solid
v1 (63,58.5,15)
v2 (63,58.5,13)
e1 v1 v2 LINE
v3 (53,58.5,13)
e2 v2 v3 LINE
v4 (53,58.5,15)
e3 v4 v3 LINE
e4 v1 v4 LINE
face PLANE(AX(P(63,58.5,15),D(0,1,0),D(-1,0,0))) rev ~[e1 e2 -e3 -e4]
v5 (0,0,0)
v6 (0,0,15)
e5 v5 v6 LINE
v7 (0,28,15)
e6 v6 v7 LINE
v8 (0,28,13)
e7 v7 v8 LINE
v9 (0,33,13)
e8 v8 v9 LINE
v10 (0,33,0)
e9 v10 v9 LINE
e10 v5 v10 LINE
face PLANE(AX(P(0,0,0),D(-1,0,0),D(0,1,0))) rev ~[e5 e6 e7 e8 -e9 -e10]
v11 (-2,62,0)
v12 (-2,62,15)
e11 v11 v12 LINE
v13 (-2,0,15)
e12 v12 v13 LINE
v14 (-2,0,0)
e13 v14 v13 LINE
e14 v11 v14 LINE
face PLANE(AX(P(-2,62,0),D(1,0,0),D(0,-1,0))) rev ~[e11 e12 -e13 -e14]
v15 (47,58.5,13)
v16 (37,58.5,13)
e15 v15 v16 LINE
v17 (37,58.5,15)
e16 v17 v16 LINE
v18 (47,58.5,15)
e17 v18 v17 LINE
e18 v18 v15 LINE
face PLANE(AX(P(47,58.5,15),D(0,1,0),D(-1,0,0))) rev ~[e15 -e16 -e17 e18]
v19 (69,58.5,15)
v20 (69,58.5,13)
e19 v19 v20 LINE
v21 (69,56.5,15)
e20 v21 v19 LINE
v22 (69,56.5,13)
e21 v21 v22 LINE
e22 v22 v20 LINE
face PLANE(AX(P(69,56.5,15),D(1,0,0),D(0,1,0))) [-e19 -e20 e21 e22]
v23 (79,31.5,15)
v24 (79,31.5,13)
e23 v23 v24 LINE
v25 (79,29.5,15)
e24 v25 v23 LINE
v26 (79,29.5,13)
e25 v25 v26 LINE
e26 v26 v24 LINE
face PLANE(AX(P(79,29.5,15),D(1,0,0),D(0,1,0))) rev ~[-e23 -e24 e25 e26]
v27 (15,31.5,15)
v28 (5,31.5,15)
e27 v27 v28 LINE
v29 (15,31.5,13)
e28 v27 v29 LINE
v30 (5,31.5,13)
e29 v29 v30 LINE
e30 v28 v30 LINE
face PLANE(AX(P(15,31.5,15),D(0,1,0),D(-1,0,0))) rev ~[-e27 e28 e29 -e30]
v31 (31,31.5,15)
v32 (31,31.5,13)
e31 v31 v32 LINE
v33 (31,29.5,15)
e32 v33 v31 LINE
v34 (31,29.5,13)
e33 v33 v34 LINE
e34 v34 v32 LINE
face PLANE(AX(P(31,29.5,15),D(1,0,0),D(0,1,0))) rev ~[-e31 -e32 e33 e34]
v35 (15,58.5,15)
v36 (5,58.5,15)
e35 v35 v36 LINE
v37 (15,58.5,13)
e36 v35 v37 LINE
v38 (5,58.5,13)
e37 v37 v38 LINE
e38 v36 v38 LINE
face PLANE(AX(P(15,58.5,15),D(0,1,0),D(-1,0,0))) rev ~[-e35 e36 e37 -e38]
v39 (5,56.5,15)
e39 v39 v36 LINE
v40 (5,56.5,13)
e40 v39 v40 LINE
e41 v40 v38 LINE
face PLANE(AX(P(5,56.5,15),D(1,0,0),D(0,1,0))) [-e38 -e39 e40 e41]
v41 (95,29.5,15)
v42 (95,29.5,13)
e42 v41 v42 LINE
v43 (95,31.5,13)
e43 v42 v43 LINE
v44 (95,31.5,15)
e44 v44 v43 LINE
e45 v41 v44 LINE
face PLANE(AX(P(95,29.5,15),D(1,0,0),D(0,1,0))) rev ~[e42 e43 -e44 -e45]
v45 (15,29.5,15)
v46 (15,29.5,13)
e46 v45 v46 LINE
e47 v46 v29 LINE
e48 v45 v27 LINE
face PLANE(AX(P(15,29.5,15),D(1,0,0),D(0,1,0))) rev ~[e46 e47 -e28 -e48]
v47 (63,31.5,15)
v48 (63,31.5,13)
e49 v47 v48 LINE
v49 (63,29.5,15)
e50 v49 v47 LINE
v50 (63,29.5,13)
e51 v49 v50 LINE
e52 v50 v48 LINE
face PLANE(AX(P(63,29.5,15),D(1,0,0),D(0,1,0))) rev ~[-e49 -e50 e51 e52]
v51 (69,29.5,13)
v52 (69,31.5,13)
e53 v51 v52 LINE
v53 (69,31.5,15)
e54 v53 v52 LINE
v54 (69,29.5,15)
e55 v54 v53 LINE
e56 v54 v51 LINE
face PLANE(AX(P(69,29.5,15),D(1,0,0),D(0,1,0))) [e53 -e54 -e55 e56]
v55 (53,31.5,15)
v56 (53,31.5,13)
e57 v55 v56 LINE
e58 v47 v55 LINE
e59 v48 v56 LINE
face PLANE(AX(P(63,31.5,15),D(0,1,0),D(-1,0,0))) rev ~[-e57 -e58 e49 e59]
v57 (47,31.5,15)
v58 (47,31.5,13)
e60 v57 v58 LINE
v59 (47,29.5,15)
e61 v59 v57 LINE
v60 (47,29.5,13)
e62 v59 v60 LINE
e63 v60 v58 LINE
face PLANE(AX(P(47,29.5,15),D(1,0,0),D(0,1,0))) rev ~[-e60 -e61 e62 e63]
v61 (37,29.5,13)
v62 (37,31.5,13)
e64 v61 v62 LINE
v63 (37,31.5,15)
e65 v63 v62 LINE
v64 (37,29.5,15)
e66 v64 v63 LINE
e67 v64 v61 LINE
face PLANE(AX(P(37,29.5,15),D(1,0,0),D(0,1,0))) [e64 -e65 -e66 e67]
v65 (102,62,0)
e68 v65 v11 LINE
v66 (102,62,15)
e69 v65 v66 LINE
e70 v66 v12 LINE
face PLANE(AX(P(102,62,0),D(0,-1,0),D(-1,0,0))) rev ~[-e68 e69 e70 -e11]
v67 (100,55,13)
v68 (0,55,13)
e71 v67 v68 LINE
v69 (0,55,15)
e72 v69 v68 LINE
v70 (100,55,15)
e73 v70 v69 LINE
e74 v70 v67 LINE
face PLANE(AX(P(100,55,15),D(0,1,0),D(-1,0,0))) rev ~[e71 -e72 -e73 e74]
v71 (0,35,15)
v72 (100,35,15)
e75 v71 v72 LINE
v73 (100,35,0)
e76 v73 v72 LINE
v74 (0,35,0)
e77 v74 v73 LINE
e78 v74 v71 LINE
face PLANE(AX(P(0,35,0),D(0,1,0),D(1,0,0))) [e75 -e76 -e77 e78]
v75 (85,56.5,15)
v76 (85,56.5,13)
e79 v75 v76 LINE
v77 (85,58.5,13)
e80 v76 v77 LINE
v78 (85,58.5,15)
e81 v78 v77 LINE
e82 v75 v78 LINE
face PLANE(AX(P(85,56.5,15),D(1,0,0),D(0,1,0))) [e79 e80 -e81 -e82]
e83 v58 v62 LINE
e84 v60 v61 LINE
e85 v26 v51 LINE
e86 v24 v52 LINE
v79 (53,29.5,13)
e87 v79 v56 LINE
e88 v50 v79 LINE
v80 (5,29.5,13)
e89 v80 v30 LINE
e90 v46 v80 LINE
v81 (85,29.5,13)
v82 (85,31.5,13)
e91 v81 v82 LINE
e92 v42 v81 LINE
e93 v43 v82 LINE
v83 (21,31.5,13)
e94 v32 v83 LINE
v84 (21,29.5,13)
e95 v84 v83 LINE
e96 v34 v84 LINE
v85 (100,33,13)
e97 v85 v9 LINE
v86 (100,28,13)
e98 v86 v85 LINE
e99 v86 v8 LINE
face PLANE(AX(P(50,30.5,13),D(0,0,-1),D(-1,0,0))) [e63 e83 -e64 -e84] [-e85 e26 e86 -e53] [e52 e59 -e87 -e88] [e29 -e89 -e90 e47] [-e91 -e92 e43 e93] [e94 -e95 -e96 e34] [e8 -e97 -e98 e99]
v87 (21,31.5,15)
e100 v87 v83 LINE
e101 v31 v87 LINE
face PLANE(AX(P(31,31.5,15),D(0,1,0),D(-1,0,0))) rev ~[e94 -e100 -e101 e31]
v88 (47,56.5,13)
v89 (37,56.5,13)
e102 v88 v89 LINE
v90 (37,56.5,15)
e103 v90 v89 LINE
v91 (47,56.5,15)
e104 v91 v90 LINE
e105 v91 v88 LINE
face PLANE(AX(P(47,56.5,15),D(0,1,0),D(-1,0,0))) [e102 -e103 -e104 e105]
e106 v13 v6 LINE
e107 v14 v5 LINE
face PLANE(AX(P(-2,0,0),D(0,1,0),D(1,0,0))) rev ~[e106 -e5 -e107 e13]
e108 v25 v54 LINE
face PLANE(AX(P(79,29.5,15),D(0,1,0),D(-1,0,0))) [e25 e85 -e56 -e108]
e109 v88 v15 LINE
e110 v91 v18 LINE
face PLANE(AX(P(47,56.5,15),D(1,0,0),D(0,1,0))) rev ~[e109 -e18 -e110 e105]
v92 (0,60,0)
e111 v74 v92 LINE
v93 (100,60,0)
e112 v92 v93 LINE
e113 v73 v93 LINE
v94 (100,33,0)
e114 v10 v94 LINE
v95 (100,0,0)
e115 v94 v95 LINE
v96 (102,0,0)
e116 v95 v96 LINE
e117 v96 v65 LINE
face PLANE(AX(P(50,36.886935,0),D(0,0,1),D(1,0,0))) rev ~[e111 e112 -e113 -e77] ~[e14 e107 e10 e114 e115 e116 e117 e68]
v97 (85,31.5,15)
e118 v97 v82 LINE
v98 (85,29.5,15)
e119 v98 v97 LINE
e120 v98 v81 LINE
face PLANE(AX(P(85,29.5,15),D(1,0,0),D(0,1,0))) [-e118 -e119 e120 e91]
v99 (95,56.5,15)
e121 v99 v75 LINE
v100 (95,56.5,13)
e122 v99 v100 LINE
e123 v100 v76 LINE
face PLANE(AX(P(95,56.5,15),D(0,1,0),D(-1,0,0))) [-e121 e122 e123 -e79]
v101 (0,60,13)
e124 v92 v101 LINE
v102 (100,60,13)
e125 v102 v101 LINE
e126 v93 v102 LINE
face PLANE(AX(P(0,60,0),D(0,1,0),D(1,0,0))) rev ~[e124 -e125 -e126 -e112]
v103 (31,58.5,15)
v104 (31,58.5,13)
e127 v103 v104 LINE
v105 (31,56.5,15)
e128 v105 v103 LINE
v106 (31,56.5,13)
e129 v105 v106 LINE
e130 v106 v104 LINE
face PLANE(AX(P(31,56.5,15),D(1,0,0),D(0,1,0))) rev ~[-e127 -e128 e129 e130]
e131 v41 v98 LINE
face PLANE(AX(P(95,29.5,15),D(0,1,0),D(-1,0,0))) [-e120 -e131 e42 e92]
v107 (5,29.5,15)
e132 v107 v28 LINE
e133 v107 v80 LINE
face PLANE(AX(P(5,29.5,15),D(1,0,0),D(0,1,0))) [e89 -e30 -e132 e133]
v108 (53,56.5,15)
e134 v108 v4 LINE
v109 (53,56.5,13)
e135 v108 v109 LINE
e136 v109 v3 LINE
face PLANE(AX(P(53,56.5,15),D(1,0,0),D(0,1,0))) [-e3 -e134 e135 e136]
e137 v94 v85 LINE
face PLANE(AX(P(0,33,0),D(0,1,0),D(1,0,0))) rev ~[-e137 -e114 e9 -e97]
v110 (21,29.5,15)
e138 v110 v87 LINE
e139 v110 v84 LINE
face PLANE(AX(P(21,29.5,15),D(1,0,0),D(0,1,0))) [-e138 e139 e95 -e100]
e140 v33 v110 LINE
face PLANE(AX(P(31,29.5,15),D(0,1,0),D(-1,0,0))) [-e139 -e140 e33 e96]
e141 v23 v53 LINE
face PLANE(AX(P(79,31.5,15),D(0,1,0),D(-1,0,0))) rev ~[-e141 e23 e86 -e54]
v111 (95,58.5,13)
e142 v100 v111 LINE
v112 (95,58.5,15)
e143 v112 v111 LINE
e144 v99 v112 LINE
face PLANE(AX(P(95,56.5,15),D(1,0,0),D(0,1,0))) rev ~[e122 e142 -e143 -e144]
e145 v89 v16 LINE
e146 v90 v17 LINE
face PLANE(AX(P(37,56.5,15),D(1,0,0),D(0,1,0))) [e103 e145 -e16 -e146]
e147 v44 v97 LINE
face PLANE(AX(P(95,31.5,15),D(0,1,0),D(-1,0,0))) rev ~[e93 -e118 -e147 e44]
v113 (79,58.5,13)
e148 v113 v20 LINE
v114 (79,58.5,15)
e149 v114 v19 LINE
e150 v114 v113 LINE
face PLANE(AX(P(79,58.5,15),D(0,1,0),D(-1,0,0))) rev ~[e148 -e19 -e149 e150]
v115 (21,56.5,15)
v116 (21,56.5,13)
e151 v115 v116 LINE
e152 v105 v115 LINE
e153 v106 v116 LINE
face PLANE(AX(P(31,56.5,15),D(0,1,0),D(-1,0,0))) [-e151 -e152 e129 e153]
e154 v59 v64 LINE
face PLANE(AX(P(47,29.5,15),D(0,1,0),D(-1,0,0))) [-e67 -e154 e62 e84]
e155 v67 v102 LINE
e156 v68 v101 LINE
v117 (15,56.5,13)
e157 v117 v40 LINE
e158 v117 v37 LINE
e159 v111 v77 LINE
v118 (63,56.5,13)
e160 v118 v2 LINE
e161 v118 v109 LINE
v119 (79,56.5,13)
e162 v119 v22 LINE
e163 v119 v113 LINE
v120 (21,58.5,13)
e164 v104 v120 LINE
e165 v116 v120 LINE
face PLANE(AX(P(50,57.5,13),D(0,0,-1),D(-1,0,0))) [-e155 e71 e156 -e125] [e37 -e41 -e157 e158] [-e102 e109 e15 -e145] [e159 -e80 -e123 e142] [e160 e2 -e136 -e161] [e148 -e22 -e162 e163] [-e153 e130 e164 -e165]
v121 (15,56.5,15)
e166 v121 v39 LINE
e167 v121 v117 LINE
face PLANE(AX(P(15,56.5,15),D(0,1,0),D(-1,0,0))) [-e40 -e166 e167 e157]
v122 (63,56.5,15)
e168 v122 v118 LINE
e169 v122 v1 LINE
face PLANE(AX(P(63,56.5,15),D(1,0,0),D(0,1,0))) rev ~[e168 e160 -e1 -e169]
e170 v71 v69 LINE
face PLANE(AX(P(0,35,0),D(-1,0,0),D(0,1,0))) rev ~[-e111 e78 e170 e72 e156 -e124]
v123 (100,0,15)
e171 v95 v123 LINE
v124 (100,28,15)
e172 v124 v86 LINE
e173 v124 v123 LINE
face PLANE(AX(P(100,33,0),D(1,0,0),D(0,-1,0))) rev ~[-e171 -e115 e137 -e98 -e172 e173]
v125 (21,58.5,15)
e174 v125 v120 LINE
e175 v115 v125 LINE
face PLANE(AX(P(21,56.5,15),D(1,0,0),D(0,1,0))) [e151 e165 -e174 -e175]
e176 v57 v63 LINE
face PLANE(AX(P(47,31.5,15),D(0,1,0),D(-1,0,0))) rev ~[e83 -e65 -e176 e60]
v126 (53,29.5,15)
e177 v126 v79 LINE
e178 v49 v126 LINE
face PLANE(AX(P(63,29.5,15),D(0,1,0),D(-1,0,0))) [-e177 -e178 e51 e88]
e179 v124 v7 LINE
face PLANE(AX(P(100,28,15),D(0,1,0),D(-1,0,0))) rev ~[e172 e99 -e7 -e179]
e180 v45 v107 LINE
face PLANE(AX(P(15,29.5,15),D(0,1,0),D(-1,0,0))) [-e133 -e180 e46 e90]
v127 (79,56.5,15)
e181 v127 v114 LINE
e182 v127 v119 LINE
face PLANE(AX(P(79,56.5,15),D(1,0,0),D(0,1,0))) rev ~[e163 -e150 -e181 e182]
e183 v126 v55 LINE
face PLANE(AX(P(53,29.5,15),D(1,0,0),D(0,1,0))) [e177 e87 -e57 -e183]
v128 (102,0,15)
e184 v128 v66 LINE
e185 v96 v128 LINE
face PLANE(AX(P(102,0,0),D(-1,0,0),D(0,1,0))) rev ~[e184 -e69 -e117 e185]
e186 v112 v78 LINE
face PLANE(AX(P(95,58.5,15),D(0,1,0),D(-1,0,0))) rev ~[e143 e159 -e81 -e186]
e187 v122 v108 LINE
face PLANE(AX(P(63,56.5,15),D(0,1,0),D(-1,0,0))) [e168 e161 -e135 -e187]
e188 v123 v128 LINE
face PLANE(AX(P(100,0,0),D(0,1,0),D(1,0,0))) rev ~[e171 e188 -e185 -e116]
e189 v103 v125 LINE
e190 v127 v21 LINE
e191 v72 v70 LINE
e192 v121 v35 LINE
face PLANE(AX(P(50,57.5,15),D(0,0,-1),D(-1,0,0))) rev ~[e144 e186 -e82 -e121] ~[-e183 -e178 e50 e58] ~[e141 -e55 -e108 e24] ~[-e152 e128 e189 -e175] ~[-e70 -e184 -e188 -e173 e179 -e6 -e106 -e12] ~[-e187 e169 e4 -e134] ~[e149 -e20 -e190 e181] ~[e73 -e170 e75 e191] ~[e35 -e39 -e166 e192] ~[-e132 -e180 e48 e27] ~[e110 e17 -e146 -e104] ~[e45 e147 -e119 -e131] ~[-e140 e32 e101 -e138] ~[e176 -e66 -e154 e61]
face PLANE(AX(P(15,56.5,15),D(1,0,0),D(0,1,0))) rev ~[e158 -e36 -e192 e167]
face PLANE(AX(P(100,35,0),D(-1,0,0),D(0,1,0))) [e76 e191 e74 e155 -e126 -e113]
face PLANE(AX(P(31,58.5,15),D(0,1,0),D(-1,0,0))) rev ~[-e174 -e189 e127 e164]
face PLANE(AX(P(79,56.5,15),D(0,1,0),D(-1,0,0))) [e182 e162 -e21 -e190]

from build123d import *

# Parameters (mm, degrees)
SKETCH1_W           = 100
SKETCH1_H           = 25
BOSS_EXTRUDE1_DEPTH = 15
SKETCH2_W           = 100
SKETCH2_H           = 5
SKETCH2_W_2         = 10
SKETCH2_H_2         = 2
BOSS_EXTRUDE2_DEPTH = 2


with BuildPart() as part:
    # Sketch1 → Boss-Extrude1 (new body)
    with BuildSketch(Plane.XY):
        Polygon((0, 0), (0, 33), (100, 33), (100, 0), (102, 0), (102, 62), (-2, 62), (-2, 0), align=None)
        with Locations((50, 47.5)):
            Rectangle(SKETCH1_W, SKETCH1_H, mode=Mode.SUBTRACT)
    extrude(amount=BOSS_EXTRUDE1_DEPTH)

    # Sketch2 → Boss-Extrude2 (add)
    # profile 1 of 2: a face of its own
    with BuildSketch(Plane(origin=(0, 0, 15), x_dir=(-1, 0, 0), z_dir=(0, 0, -1))):
        with Locations((-50, 57.5)):
            Rectangle(SKETCH2_W, SKETCH2_H)
        with Locations((-74, 57.5)):
            Rectangle(SKETCH2_W_2, SKETCH2_H_2, mode=Mode.SUBTRACT)
        with Locations((-90, 57.5)):
            Rectangle(SKETCH2_W_2, SKETCH2_H_2, mode=Mode.SUBTRACT)
        with Locations((-58, 57.5)):
            Rectangle(SKETCH2_W_2, SKETCH2_H_2, mode=Mode.SUBTRACT)
        with Locations((-42, 57.5)):
            Rectangle(SKETCH2_W_2, SKETCH2_H_2, mode=Mode.SUBTRACT)
        with Locations((-26, 57.5)):
            Rectangle(SKETCH2_W_2, SKETCH2_H_2, mode=Mode.SUBTRACT)
        with Locations((-10, 57.5)):
            Rectangle(SKETCH2_W_2, SKETCH2_H_2, mode=Mode.SUBTRACT)
    # profile 2 of 2: a face of its own
    with BuildSketch(Plane(origin=(0, 0, 15), x_dir=(-1, 0, 0), z_dir=(0, 0, -1))):
        with Locations((-50, 30.5)):
            Rectangle(SKETCH2_W, SKETCH2_H)
        with Locations((-74, 30.5)):
            Rectangle(SKETCH2_W_2, SKETCH2_H_2, mode=Mode.SUBTRACT)
        with Locations((-90, 30.5)):
            Rectangle(SKETCH2_W_2, SKETCH2_H_2, mode=Mode.SUBTRACT)
        with Locations((-58, 30.5)):
            Rectangle(SKETCH2_W_2, SKETCH2_H_2, mode=Mode.SUBTRACT)
        with Locations((-42, 30.5)):
            Rectangle(SKETCH2_W_2, SKETCH2_H_2, mode=Mode.SUBTRACT)
        with Locations((-26, 30.5)):
            Rectangle(SKETCH2_W_2, SKETCH2_H_2, mode=Mode.SUBTRACT)
        with Locations((-10, 30.5)):
            Rectangle(SKETCH2_W_2, SKETCH2_H_2, mode=Mode.SUBTRACT)
    extrude(amount=BOSS_EXTRUDE2_DEPTH)


solid = part.part
